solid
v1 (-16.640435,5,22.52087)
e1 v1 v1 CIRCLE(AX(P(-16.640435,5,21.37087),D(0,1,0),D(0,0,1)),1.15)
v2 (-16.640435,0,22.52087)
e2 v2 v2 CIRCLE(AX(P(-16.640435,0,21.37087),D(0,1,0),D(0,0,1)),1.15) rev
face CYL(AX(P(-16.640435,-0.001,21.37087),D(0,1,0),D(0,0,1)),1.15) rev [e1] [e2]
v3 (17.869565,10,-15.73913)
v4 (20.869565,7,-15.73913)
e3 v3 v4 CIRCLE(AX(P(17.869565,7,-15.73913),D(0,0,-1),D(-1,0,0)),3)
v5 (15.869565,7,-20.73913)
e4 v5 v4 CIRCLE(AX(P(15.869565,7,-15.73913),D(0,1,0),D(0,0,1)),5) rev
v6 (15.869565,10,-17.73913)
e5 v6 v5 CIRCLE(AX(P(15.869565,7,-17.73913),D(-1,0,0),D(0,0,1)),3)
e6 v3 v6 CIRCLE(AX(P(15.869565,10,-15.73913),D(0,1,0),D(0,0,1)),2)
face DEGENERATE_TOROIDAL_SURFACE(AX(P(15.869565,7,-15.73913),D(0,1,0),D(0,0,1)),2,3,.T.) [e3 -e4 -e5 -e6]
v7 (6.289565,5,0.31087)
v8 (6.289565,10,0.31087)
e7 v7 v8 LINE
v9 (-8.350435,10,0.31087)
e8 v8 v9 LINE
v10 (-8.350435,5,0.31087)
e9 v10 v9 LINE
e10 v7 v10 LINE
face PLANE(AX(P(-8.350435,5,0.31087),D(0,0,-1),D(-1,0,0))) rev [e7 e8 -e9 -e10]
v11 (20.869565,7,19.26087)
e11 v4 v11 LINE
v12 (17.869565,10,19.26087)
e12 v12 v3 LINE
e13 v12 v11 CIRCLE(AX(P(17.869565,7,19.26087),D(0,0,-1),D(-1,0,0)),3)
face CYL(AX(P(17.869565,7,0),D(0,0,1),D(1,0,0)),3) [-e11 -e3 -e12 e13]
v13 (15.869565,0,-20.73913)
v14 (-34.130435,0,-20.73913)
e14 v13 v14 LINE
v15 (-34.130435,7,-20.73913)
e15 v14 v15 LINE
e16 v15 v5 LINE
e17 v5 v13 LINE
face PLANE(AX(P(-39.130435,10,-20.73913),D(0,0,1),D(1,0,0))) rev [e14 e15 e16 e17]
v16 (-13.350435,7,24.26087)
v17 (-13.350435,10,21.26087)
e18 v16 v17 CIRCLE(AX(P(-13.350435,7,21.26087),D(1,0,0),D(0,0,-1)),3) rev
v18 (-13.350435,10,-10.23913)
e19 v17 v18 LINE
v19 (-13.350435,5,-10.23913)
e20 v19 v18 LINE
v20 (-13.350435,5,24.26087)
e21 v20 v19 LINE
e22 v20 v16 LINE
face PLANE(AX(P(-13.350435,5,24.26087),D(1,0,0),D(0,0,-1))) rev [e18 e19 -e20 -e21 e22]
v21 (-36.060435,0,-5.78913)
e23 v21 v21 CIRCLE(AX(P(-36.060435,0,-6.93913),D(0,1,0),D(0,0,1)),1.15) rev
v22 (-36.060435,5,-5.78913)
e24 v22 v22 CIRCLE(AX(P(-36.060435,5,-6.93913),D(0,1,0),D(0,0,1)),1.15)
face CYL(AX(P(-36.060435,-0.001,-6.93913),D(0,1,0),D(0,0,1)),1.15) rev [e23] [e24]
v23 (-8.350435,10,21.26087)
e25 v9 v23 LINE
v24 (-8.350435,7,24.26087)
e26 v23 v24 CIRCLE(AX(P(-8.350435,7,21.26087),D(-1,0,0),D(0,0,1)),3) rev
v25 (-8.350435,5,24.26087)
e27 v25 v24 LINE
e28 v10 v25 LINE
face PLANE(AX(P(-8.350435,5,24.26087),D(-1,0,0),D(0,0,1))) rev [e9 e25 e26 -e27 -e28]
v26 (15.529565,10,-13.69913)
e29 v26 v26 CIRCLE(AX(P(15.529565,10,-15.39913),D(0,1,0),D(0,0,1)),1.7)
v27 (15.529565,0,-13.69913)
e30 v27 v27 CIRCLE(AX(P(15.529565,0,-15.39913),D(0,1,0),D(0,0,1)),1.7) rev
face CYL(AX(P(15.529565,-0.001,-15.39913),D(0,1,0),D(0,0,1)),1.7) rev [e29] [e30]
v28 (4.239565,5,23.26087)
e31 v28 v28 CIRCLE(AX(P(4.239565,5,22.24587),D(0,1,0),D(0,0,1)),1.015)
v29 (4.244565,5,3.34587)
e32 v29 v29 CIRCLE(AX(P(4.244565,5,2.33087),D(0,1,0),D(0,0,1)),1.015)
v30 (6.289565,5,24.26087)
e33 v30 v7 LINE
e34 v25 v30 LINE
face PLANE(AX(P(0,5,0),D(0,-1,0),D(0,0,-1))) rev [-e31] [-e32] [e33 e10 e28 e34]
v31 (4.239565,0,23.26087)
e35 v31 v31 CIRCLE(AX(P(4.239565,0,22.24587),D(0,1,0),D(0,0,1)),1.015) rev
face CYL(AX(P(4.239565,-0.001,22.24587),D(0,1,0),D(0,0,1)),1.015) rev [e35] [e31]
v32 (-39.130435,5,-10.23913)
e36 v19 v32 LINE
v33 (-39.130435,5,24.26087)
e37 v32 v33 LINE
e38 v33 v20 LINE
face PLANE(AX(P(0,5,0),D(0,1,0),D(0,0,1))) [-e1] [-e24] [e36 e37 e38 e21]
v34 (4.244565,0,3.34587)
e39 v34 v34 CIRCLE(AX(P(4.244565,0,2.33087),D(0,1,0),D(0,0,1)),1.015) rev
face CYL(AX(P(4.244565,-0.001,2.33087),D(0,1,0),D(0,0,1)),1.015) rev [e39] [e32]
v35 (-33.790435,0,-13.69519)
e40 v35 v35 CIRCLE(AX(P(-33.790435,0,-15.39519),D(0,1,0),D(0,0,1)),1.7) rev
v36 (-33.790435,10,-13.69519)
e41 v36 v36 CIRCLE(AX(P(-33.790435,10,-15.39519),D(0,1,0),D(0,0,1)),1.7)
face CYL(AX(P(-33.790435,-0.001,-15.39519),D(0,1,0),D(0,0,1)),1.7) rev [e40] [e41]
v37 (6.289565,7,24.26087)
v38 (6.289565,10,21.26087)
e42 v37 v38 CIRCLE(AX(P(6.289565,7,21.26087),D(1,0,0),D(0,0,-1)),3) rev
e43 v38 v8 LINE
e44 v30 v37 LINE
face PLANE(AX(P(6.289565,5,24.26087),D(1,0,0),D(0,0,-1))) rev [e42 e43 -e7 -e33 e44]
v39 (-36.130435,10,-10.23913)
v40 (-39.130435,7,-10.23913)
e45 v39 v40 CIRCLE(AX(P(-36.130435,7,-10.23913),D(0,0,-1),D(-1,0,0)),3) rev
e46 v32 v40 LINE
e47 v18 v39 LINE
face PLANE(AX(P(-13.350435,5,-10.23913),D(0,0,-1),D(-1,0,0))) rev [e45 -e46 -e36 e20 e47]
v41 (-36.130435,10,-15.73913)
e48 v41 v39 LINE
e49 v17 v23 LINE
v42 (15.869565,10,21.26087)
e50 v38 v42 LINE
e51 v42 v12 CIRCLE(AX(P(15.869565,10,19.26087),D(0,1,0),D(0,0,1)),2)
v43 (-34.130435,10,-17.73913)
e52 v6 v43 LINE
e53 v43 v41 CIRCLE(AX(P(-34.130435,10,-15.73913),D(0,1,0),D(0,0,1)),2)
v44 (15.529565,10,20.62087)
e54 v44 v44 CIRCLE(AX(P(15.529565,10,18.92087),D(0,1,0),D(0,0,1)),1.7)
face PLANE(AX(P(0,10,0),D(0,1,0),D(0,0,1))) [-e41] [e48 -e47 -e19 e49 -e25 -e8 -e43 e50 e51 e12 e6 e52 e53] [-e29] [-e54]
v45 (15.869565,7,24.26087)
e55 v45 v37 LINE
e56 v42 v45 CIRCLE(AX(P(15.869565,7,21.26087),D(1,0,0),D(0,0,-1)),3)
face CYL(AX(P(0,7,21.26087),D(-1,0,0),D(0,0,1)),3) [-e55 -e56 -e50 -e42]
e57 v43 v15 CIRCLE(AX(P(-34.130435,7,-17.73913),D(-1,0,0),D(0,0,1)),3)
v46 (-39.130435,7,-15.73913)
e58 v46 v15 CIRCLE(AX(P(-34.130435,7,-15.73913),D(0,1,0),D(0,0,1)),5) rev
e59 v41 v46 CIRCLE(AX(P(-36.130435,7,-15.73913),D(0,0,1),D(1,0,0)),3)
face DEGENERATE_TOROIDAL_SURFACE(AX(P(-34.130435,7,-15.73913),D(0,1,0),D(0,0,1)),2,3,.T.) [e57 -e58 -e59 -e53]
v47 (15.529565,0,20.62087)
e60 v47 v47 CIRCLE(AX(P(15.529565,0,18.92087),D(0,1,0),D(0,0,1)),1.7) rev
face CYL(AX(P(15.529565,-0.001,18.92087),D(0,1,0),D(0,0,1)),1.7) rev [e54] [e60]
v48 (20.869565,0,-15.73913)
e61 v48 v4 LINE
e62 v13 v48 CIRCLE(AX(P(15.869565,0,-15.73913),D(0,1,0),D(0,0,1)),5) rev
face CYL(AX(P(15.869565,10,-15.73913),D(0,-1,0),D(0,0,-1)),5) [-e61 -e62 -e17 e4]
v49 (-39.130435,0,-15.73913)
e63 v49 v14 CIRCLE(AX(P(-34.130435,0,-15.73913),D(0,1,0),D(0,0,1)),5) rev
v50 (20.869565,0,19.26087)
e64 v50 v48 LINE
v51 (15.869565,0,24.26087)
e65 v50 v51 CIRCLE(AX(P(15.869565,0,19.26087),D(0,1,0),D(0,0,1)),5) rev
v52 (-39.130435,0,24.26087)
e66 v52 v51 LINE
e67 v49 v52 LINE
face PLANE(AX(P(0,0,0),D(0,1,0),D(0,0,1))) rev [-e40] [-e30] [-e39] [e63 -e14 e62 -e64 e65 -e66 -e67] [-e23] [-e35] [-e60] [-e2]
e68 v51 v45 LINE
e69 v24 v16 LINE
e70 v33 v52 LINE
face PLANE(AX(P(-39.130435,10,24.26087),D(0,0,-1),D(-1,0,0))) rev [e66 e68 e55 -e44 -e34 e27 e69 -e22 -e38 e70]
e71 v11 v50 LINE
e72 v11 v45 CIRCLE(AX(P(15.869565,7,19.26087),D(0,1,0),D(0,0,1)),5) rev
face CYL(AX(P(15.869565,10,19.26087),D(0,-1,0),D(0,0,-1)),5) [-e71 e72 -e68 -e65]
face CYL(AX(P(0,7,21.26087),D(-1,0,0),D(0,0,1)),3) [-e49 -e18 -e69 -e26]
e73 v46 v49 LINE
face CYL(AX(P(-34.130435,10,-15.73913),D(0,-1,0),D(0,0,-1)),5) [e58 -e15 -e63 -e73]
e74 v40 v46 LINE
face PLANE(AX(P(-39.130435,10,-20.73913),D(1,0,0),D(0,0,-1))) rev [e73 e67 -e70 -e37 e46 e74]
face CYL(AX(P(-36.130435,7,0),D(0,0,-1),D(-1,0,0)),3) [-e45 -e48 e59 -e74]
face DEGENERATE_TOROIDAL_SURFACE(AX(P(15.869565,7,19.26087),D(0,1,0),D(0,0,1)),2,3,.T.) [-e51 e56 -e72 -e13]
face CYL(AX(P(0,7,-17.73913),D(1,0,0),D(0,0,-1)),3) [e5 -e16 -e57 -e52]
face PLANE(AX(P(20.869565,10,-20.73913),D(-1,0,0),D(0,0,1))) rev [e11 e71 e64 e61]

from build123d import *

# Parameters (mm, degrees)
SKETCH1_W           = 60
SKETCH1_H           = 45
BOSS_EXTRUDE1_DEPTH = 10
SKETCH2_W           = 25.78
SKETCH2_H           = 34.5
CUT_EXTRUDE1_DEPTH  = 5
CUT_EXTRUDE2_REACH  = 48.312
SKETCH3_R           = 1.15
SKETCH4_W           = 14.64
SKETCH4_H           = 23.95
CUT_EXTRUDE3_DEPTH  = 5
CUT_EXTRUDE4_REACH  = 48.312
SKETCH5_R           = 1.015
FILLET1_R           = 5
FILLET2_R           = 5
FILLET3_R           = 5
FILLET4_R           = 3
CUT_EXTRUDE5_REACH  = 49.115
SKETCH6_R           = 1.7


with BuildPart() as part:
    # Sketch1 → Boss-Extrude1 (new body)
    with BuildSketch(Plane(origin=(0, 0, 0), x_dir=(1, 0, 0), z_dir=(0, 1, 0))):
        with Locations((-9.130434783, -1.760869565)):
            Rectangle(SKETCH1_W, SKETCH1_H)
    extrude(amount=BOSS_EXTRUDE1_DEPTH)

    # Sketch2 → Cut-Extrude1 (cut)
    with BuildSketch(Plane(origin=(0, 10, 0), x_dir=(1, 0, 0), z_dir=(0, 1, 0))):
        with Locations((-26.240434783, -7.010869565)):
            Rectangle(SKETCH2_W, SKETCH2_H)
    extrude(amount=-CUT_EXTRUDE1_DEPTH, mode=Mode.SUBTRACT)

    # Sketch3 → Cut-Extrude2 (cut, up to next)
    with BuildSketch(Plane(origin=(0, 5, 0), x_dir=(1, 0, 0), z_dir=(0, 1, 0)), mode=Mode.PRIVATE) as cut_extrude2_sk1:
        with Locations(Location((-36.060434783, 6.939130435, 0), (0, 0, 270))):
            Circle(SKETCH3_R)
    cut_extrude2_tool1 = extrude(cut_extrude2_sk1.sketch, amount=-CUT_EXTRUDE2_REACH, mode=Mode.PRIVATE) & part.part
    # Sketch3 → Cut-Extrude2 (cut, up to next)
    with BuildSketch(Plane(origin=(0, 5, 0), x_dir=(1, 0, 0), z_dir=(0, 1, 0)), mode=Mode.PRIVATE) as cut_extrude2_sk2:
        with Locations(Location((-16.640434783, -21.370869565, 0), (0, 0, 270))):
            Circle(SKETCH3_R)
    cut_extrude2_tool2 = extrude(cut_extrude2_sk2.sketch, amount=-CUT_EXTRUDE2_REACH, mode=Mode.PRIVATE) & part.part
    add(cut_extrude2_tool1.solids().sort_by_distance((-36.060435, 5, -6.93913))[0], mode=Mode.SUBTRACT)
    add(cut_extrude2_tool2.solids().sort_by_distance((-16.640435, 5, 21.37087))[0], mode=Mode.SUBTRACT)

    # Sketch4 → Cut-Extrude3 (cut)
    with BuildSketch(Plane(origin=(0, 10, 0), x_dir=(1, 0, 0), z_dir=(0, 1, 0))):
        with Locations((-1.030434783, -12.285869565)):
            Rectangle(SKETCH4_W, SKETCH4_H)
    extrude(amount=-CUT_EXTRUDE3_DEPTH, mode=Mode.SUBTRACT)

    # Sketch5 → Cut-Extrude4 (cut, up to next)
    with BuildSketch(Plane(origin=(0, 5, 0), x_dir=(1, 0, 0), z_dir=(0, 1, 0)), mode=Mode.PRIVATE) as cut_extrude4_sk1:
        with Locations(Location((4.244565217, -2.330869565, 0), (0, 0, 270))):
            Circle(SKETCH5_R)
    cut_extrude4_tool1 = extrude(cut_extrude4_sk1.sketch, amount=-CUT_EXTRUDE4_REACH, mode=Mode.PRIVATE) & part.part
    # Sketch5 → Cut-Extrude4 (cut, up to next)
    with BuildSketch(Plane(origin=(0, 5, 0), x_dir=(1, 0, 0), z_dir=(0, 1, 0)), mode=Mode.PRIVATE) as cut_extrude4_sk2:
        with Locations(Location((4.239565217, -22.245869565, 0), (0, 0, 270))):
            Circle(SKETCH5_R)
    cut_extrude4_tool2 = extrude(cut_extrude4_sk2.sketch, amount=-CUT_EXTRUDE4_REACH, mode=Mode.PRIVATE) & part.part
    add(cut_extrude4_tool1.solids().sort_by_distance((4.244565, 5, 2.33087))[0], mode=Mode.SUBTRACT)
    add(cut_extrude4_tool2.solids().sort_by_distance((4.239565, 5, 22.24587))[0], mode=Mode.SUBTRACT)

    # Fillet1
    fillet1_edges = [part.edges().sort_by_distance(p)[0] for p in [
        (-39.130434783, 5, -20.739130435),
    ]]
    fillet(fillet1_edges, radius=FILLET1_R)

    # Fillet2
    fillet2_edges = [part.edges().sort_by_distance(p)[0] for p in [
        (20.869565217, 5, -20.739130435),
    ]]
    fillet(fillet2_edges, radius=FILLET2_R)

    # Fillet3
    fillet3_edges = [part.edges().sort_by_distance(p)[0] for p in [
        (20.869565217, 5, 24.260869565),
    ]]
    fillet(fillet3_edges, radius=FILLET3_R)

    # Fillet4
    fillet4_edges = [part.edges().sort_by_distance(p)[0] for p in [
        (-10.850434783, 10, 24.260869565),
        (11.079565217, 10, 24.260869565),
        (-39.130434783, 10, -12.989130435),
        (-37.665968689, 10, -19.274664341),
        (-9.130434783, 10, -20.739130435),
        (19.405099123, 10, -19.274664341),
        (20.869565217, 10, 1.760869565),
        (19.405099123, 10, 22.796403471),
    ]]
    fillet(fillet4_edges, radius=FILLET4_R)

    # Sketch6 → Cut-Extrude5 (cut, up to next)
    with BuildSketch(Plane(origin=(0, 10, 0), x_dir=(1, 0, 0), z_dir=(0, 1, 0)), mode=Mode.PRIVATE) as cut_extrude5_sk1:
        with Locations(Location((-33.790434783, 15.395190435, 0), (0, 0, 270))):
            Circle(SKETCH6_R)
    cut_extrude5_tool1 = extrude(cut_extrude5_sk1.sketch, amount=-CUT_EXTRUDE5_REACH, mode=Mode.PRIVATE) & part.part
    # Sketch6 → Cut-Extrude5 (cut, up to next)
    with BuildSketch(Plane(origin=(0, 10, 0), x_dir=(1, 0, 0), z_dir=(0, 1, 0)), mode=Mode.PRIVATE) as cut_extrude5_sk2:
        with Locations(Location((15.529565217, 15.399130435, 0), (0, 0, 270))):
            Circle(SKETCH6_R)
    cut_extrude5_tool2 = extrude(cut_extrude5_sk2.sketch, amount=-CUT_EXTRUDE5_REACH, mode=Mode.PRIVATE) & part.part
    # Sketch6 → Cut-Extrude5 (cut, up to next)
    with BuildSketch(Plane(origin=(0, 10, 0), x_dir=(1, 0, 0), z_dir=(0, 1, 0)), mode=Mode.PRIVATE) as cut_extrude5_sk3:
        with Locations(Location((15.529565217, -18.920869565, 0), (0, 0, 270))):
            Circle(SKETCH6_R)
    cut_extrude5_tool3 = extrude(cut_extrude5_sk3.sketch, amount=-CUT_EXTRUDE5_REACH, mode=Mode.PRIVATE) & part.part
    add(cut_extrude5_tool1.solids().sort_by_distance((-33.790435, 10, -15.39519))[0], mode=Mode.SUBTRACT)
    add(cut_extrude5_tool2.solids().sort_by_distance((15.529565, 10, -15.39913))[0], mode=Mode.SUBTRACT)
    add(cut_extrude5_tool3.solids().sort_by_distance((15.529565, 10, 18.92087))[0], mode=Mode.SUBTRACT)


solid = part.part
